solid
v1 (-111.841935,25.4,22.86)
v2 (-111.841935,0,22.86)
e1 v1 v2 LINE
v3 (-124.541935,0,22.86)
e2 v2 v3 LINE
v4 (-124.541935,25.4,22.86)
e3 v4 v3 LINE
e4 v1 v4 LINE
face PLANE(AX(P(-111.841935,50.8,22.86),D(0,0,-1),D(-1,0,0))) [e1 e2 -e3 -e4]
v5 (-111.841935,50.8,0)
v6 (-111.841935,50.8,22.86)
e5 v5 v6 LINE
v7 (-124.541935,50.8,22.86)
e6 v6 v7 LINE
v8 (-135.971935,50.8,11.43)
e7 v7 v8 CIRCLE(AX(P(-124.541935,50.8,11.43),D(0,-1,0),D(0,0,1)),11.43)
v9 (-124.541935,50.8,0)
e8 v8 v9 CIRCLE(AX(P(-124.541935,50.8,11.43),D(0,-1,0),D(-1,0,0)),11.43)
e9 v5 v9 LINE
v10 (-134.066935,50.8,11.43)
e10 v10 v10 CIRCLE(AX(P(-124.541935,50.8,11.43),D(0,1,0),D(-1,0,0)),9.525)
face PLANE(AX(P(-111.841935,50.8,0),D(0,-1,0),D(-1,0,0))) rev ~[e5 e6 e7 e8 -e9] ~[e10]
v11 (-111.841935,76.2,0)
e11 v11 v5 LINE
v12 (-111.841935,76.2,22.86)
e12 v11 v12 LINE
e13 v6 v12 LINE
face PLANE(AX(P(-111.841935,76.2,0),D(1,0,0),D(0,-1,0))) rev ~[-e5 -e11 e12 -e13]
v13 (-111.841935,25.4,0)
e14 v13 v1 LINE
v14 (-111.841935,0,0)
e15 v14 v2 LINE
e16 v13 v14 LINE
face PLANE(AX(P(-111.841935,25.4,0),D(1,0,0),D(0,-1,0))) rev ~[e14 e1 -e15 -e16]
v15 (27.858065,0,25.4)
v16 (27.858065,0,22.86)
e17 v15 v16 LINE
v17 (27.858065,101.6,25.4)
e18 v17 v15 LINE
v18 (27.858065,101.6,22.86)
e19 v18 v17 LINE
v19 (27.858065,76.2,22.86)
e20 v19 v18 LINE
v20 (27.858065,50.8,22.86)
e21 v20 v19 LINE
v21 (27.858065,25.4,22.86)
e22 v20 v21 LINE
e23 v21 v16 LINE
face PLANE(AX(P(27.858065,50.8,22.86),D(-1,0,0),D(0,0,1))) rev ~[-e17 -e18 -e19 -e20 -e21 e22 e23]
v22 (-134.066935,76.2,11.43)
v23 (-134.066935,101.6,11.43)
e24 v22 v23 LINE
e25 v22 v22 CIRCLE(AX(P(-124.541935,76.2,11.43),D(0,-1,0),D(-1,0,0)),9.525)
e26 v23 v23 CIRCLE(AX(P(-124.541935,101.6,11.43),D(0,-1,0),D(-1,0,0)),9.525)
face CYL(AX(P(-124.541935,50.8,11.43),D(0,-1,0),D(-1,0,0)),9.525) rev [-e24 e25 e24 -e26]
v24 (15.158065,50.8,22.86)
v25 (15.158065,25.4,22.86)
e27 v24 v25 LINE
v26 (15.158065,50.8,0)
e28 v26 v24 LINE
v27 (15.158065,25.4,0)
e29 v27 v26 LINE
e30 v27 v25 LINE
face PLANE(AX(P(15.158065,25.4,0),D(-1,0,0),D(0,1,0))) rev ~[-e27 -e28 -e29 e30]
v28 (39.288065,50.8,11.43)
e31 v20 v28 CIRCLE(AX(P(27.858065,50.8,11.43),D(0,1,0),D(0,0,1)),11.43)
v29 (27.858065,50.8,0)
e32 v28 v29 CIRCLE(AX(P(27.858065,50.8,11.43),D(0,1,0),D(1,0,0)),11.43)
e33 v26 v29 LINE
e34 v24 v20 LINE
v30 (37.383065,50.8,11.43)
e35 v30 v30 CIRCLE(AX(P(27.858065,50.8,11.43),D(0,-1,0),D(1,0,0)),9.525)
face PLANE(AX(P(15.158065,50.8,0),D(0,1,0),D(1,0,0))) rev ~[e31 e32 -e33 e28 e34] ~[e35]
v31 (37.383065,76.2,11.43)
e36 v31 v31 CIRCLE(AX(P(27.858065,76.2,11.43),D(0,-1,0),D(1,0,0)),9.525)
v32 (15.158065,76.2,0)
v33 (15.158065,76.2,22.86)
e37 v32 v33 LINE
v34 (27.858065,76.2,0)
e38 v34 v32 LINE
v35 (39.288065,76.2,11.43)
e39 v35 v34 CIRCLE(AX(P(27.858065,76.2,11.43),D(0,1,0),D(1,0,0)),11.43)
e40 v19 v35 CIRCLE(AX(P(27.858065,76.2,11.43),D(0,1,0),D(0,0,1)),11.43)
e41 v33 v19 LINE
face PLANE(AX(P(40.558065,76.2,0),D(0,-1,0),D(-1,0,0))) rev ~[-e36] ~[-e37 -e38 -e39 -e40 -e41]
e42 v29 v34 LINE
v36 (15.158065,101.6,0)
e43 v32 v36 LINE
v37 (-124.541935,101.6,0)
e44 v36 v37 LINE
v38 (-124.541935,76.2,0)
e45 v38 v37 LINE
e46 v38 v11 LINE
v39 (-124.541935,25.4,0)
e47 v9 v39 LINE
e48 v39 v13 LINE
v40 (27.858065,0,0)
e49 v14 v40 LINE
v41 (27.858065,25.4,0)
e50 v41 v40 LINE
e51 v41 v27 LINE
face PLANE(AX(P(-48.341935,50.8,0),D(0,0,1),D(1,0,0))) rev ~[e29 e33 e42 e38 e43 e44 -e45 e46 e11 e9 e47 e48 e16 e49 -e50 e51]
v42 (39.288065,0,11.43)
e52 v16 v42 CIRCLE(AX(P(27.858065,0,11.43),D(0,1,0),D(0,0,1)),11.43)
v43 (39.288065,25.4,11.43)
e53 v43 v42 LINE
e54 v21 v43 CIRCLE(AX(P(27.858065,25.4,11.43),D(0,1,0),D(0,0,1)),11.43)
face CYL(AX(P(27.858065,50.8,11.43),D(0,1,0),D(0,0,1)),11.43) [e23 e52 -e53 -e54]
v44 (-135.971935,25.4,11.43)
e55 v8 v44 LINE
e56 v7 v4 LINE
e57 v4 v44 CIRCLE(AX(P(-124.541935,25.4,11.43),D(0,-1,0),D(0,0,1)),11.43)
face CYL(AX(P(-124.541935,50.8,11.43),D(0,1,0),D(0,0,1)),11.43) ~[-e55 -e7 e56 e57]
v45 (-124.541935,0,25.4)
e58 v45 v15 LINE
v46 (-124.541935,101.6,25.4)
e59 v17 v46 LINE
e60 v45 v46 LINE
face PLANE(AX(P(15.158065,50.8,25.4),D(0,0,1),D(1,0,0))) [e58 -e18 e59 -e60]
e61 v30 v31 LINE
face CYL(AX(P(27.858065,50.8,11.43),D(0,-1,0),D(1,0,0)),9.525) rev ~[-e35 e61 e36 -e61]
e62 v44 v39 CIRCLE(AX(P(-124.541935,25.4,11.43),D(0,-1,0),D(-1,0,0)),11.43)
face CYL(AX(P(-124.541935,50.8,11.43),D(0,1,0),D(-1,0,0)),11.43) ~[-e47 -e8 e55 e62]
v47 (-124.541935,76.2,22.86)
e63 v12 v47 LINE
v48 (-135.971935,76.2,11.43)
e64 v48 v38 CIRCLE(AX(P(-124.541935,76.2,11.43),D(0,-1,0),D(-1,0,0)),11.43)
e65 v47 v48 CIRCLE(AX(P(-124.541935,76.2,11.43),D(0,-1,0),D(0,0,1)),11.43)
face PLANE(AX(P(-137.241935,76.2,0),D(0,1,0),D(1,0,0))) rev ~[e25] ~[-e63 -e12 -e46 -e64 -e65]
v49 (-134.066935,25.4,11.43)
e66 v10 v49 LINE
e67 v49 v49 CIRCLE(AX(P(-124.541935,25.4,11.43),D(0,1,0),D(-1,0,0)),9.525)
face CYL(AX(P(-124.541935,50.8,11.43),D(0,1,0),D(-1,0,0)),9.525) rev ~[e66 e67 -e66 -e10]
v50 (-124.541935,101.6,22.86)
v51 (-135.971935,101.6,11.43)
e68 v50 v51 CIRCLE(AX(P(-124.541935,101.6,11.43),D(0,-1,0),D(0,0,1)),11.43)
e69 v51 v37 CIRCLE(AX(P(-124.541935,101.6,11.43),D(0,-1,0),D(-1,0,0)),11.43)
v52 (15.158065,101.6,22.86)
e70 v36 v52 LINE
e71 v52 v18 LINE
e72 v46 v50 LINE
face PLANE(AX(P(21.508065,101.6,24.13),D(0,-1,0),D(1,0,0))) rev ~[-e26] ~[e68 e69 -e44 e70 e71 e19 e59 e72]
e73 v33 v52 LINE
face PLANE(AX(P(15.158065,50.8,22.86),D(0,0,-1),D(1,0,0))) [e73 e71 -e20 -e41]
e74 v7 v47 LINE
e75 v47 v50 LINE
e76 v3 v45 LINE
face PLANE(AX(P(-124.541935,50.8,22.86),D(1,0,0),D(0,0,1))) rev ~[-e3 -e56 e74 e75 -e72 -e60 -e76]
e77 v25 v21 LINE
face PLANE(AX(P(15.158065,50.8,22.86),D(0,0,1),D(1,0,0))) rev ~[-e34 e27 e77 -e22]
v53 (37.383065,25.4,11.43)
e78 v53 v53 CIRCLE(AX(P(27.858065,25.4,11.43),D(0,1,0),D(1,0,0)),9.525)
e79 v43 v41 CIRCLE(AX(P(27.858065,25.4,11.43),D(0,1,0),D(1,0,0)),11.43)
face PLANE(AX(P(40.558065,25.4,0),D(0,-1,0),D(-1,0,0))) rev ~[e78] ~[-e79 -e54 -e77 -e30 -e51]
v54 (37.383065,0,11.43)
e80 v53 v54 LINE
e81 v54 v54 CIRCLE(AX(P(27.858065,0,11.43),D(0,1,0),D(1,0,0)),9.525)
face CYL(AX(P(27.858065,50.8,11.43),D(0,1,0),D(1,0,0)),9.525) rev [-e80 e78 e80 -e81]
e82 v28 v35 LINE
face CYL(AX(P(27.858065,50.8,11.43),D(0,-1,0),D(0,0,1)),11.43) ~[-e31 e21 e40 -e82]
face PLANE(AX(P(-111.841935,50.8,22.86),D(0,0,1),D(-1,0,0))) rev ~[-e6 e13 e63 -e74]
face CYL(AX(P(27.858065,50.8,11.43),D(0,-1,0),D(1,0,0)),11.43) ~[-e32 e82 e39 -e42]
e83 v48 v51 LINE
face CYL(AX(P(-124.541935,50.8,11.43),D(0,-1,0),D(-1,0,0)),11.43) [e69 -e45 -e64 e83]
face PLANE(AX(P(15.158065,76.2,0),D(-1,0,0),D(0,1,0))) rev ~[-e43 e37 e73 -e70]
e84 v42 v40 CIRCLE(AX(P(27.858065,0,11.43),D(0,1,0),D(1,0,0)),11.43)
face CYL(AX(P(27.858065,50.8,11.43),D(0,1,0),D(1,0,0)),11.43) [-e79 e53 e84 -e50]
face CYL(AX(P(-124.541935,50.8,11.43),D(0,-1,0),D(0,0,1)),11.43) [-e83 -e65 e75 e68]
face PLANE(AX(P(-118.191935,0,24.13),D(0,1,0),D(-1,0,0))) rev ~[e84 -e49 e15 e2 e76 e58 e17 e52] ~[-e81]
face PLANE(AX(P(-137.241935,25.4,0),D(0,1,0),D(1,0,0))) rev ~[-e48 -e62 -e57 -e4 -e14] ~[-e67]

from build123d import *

# Parameters (mm, degrees)
F1_DEPTH      = 25.4
F3_DEPTH      = 25.4
F3_DEPTH_BACK = 50.801
F2_R          = 9.525
F4_DEPTH      = 25.4
F4_DEPTH_BACK = 50.801
F2_W          = 12.7
F2_H          = 2.54
F5_DEPTH      = 25.4
F5_DEPTH_BACK = 50.8
F7_DEPTH      = 25.4
F7_DEPTH_BACK = 50.801
F6_R          = 9.525
F8_DEPTH      = 25.4
F8_DEPTH_BACK = 50.801
F6_W          = 12.7
F6_H          = 2.54
F9_DEPTH      = 25.4
F9_DEPTH_BACK = 50.8


with BuildPart() as f1:
    # F0 (on Top) → F1 (new body)
    with BuildSketch(Plane.XY):
        Polygon((15.1580646015, 101.6), (-137.2419353985, 101.6), (-137.2419353985, 76.2), (-111.8419353985, 76.2), (-111.8419353985, 50.8), (-137.2419353985, 50.8), (-137.2419353985, 25.4), (-111.8419353985, 25.4), (-111.8419353985, 0), (40.5580646015, 0), (40.5580646015, 25.4), (15.1580646015, 25.4), (15.1580646015, 50.8), (40.5580646015, 50.8), (40.5580646015, 76.2), (15.1580646015, 76.2), align=None)
    extrude(amount=F1_DEPTH)

    # F2 (on face) → F3 (cut, two sides)
    with BuildSketch(Plane(origin=(0, 50.8, 0), x_dir=(-1, 0, 0), z_dir=(0, 1, 0))) as f3_sk:
        with BuildLine():
            ThreePointArc((124.5419353985, 22.86), (132.6241659074, 19.512230509), (135.9719353985, 11.43))
            ThreePointArc((135.9719353985, 11.43), (132.6241659074, 3.347769491), (124.5419353985, 0))
            Line((124.5419353985, 0), (137.2419353985, 0))
            Line((137.2419353985, 0), (137.2419353985, 25.4))
            Line((137.2419353985, 25.4), (124.5419353985, 25.4))
            Line((124.5419353985, 25.4), (124.5419353985, 22.86))
        make_face()
    extrude(amount=-F3_DEPTH, mode=Mode.SUBTRACT)
    extrude(f3_sk.sketch, amount=F3_DEPTH_BACK, mode=Mode.SUBTRACT)

    # F2 (on face) → F4 (cut, two sides)
    with BuildSketch(Plane(origin=(0, 50.8, 0), x_dir=(-1, 0, 0), z_dir=(0, 1, 0))) as f4_sk:
        with Locations((124.5419353985, 11.43)):
            Circle(F2_R)
    extrude(amount=-F4_DEPTH, mode=Mode.SUBTRACT)
    extrude(f4_sk.sketch, amount=F4_DEPTH_BACK, mode=Mode.SUBTRACT)

    # F2 (on face) → F5 (join, two sides)
    with BuildSketch(Plane(origin=(0, 50.8, 0), x_dir=(-1, 0, 0), z_dir=(0, 1, 0))) as f5_sk:
        with Locations((118.1919353985, 24.13)):
            Rectangle(F2_W, F2_H)
    extrude(amount=F5_DEPTH)
    extrude(f5_sk.sketch, amount=-F5_DEPTH_BACK)

    # F6 (on face) → F7 (cut, two sides)
    with BuildSketch(Plane.XZ.offset(-50.8)) as f7_sk:
        with BuildLine():
            ThreePointArc((27.8580646015, 22.86), (35.9402951105, 19.512230509), (39.2880646015, 11.43))
            ThreePointArc((39.2880646015, 11.43), (35.9402951105, 3.347769491), (27.8580646015, 0))
            Line((27.8580646015, 0), (40.5580646015, 0))
            Line((40.5580646015, 0), (40.5580646015, 25.4))
            Line((40.5580646015, 25.4), (27.8580646015, 25.4))
            Line((27.8580646015, 25.4), (27.8580646015, 22.86))
        make_face()
    extrude(amount=-F7_DEPTH, mode=Mode.SUBTRACT)
    extrude(f7_sk.sketch, amount=F7_DEPTH_BACK, mode=Mode.SUBTRACT)

    # F6 (on face) → F8 (cut, two sides)
    with BuildSketch(Plane.XZ.offset(-50.8)) as f8_sk:
        with Locations((27.8580646015, 11.43)):
            Circle(F6_R)
    extrude(amount=-F8_DEPTH, mode=Mode.SUBTRACT)
    extrude(f8_sk.sketch, amount=F8_DEPTH_BACK, mode=Mode.SUBTRACT)

    # F6 (on face) → F9 (join, two sides)
    with BuildSketch(Plane.XZ.offset(-50.8)) as f9_sk:
        with Locations((21.5080646015, 24.13)):
            Rectangle(F6_W, F6_H)
    extrude(amount=F9_DEPTH)
    extrude(f9_sk.sketch, amount=-F9_DEPTH_BACK)


solid = f1.part
